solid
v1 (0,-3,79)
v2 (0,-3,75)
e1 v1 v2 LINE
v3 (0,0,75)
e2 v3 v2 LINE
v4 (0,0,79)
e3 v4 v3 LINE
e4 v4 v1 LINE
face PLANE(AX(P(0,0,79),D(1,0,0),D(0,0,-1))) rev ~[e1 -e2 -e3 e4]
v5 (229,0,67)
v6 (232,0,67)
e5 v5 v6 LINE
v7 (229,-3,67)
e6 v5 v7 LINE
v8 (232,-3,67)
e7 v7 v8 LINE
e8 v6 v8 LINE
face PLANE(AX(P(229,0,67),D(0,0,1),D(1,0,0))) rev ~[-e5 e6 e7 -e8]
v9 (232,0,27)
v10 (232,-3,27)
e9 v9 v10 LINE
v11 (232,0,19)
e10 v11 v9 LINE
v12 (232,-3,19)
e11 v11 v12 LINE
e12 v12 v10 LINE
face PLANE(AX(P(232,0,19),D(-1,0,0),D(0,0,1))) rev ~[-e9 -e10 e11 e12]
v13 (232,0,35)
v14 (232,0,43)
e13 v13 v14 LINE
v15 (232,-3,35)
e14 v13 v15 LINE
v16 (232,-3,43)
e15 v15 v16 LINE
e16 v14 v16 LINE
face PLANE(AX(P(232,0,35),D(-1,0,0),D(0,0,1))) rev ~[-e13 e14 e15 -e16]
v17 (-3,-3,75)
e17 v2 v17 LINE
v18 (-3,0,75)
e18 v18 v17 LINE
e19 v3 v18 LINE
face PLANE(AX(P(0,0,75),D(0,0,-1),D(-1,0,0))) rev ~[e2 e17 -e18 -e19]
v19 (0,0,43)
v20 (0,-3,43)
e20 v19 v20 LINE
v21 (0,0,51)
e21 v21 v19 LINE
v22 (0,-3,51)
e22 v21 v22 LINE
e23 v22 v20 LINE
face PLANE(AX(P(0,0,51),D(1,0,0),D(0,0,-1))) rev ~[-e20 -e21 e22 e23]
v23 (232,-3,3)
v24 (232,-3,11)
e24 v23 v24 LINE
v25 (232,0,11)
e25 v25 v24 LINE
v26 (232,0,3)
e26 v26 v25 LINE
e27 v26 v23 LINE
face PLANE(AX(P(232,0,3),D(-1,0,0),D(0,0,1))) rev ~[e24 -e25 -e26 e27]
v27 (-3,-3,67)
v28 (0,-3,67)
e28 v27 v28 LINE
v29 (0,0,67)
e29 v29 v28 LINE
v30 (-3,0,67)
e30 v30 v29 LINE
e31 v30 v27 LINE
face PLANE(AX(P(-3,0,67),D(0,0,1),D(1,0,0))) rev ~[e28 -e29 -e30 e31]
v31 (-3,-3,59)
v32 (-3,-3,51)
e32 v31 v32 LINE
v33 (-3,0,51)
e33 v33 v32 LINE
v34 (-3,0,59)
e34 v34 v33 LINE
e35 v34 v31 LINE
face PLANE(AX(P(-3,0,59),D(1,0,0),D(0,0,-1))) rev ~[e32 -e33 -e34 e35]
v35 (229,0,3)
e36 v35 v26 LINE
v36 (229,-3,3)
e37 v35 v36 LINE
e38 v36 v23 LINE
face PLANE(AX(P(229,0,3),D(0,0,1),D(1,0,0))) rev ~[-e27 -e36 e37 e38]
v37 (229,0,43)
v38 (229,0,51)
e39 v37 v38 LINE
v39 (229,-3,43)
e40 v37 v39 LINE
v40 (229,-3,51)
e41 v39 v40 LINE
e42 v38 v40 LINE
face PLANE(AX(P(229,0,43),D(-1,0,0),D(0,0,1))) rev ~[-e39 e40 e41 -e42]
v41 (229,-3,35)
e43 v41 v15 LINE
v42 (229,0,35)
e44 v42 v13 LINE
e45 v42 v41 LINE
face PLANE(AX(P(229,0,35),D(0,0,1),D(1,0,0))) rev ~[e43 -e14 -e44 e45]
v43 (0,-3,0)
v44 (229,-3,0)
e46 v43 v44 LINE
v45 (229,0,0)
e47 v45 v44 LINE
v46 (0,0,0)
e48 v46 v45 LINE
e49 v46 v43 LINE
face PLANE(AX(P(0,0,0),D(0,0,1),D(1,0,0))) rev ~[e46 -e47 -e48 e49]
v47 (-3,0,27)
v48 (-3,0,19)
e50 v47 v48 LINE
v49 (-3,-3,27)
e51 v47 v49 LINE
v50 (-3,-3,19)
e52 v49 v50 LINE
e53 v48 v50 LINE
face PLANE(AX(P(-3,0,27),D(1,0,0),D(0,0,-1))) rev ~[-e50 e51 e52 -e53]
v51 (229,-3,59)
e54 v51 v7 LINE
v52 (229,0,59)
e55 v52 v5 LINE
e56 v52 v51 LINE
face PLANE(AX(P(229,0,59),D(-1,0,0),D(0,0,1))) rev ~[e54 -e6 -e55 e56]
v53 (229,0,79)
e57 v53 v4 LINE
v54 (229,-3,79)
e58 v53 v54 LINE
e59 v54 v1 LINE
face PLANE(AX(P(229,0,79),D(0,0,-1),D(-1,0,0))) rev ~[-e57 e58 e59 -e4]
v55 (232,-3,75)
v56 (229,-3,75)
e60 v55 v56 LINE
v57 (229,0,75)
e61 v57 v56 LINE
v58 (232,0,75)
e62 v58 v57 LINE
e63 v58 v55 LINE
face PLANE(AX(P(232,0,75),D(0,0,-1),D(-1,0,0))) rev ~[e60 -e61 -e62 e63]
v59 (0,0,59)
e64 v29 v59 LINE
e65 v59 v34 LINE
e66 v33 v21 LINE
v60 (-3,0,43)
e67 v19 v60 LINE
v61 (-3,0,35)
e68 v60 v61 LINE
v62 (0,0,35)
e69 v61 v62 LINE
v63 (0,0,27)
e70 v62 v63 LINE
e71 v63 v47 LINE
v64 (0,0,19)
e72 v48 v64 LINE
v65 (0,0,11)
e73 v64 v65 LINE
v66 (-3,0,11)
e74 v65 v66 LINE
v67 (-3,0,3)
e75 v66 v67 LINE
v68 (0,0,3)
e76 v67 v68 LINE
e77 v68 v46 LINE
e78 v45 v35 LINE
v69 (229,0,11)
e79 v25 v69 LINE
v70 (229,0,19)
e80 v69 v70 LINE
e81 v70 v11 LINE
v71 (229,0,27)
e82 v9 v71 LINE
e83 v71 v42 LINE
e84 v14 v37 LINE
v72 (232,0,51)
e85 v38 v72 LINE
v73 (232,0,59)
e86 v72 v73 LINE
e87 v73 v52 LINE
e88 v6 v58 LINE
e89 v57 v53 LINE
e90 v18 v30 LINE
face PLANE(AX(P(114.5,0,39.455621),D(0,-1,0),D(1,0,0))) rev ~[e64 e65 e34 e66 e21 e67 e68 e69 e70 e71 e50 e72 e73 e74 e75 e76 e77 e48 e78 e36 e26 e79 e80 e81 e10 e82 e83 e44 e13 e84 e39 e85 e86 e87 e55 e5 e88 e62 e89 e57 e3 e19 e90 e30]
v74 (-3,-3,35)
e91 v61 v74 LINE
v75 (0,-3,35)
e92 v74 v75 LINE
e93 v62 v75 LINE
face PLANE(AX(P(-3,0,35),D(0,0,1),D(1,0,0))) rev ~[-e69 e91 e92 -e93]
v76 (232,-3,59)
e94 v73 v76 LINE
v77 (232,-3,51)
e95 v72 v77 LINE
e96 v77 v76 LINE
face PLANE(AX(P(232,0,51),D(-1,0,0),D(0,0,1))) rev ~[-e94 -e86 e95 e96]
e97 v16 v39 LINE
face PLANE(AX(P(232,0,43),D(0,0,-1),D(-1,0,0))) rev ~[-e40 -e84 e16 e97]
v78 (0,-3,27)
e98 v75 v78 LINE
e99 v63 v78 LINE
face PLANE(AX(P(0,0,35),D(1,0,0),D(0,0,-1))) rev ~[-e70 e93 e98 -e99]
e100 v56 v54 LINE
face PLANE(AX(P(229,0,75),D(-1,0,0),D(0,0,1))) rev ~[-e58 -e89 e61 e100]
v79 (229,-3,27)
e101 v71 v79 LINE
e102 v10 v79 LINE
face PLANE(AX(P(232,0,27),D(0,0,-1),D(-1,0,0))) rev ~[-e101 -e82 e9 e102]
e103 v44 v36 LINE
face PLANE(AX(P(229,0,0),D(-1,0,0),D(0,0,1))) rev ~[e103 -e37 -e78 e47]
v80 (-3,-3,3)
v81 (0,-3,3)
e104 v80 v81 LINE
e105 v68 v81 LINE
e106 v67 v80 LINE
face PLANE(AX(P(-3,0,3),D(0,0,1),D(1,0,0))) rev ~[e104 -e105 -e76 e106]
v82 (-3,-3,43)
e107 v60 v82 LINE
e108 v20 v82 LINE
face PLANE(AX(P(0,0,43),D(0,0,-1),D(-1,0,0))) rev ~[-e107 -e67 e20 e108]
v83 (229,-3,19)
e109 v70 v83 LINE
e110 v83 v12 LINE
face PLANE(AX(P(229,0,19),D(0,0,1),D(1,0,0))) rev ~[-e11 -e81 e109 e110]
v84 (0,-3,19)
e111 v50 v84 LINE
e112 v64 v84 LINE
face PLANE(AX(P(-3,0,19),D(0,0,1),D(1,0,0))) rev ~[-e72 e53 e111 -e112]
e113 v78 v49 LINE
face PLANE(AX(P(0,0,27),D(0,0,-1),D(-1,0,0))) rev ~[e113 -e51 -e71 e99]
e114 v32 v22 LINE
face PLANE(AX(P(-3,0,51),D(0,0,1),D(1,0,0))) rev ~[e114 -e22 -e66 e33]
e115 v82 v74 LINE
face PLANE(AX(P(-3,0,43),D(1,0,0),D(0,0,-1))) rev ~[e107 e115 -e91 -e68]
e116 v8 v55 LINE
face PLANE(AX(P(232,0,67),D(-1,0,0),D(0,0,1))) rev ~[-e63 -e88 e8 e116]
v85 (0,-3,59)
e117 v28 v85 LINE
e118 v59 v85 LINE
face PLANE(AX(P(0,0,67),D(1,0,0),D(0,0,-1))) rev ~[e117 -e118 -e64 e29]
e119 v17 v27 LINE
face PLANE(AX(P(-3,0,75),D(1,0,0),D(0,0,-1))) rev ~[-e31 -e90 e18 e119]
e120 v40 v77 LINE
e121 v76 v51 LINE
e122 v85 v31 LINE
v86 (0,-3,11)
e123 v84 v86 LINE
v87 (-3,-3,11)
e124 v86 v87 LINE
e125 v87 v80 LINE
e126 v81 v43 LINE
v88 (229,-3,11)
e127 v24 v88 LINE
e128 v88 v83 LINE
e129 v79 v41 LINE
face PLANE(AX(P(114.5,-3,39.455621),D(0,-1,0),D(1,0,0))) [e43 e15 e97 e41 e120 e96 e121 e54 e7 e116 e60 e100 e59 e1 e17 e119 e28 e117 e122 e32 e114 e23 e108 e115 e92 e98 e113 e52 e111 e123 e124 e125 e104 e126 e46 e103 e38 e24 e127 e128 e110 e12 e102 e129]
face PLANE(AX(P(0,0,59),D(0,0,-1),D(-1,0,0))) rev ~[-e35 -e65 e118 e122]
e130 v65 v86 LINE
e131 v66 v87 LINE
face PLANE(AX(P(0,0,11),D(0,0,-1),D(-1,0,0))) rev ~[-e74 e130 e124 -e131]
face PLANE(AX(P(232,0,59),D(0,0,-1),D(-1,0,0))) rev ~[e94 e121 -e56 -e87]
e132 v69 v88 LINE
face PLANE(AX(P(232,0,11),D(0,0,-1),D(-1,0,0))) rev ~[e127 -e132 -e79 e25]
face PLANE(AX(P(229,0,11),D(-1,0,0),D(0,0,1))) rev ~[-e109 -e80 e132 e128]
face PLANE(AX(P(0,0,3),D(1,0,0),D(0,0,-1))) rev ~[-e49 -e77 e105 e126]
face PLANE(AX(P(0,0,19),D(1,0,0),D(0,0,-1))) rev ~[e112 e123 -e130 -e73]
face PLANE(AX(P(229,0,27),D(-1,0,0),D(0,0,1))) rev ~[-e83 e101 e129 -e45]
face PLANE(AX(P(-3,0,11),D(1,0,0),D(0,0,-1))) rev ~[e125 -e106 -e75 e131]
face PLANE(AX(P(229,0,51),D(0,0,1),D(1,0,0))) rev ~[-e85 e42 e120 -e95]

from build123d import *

# Parameters (mm, degrees)
F1_DEPTH = 3


with BuildPart() as f1:
    # F0 (on Front) → F1 (new body)
    with BuildSketch(Plane.XZ):
        Polygon((0, 3), (0, 0), (229, 0), (229, 3), (232, 3), (232, 11), (229, 11), (229, 19), (232, 19), (232, 27), (229, 27), (229, 35), (232, 35), (232, 43), (229, 43), (229, 51), (232, 51), (232, 59), (229, 59), (229, 67), (232, 67), (232, 75), (229, 75), (229, 79), (0, 79), (0, 75), (-3, 75), (-3, 67), (0, 67), (0, 59), (-3, 59), (-3, 51), (0, 51), (0, 43), (-3, 43), (-3, 35), (0, 35), (0, 27), (-3, 27), (-3, 19), (0, 19), (0, 11), (-3, 11), (-3, 3), align=None)
    extrude(amount=F1_DEPTH)


solid = f1.part
